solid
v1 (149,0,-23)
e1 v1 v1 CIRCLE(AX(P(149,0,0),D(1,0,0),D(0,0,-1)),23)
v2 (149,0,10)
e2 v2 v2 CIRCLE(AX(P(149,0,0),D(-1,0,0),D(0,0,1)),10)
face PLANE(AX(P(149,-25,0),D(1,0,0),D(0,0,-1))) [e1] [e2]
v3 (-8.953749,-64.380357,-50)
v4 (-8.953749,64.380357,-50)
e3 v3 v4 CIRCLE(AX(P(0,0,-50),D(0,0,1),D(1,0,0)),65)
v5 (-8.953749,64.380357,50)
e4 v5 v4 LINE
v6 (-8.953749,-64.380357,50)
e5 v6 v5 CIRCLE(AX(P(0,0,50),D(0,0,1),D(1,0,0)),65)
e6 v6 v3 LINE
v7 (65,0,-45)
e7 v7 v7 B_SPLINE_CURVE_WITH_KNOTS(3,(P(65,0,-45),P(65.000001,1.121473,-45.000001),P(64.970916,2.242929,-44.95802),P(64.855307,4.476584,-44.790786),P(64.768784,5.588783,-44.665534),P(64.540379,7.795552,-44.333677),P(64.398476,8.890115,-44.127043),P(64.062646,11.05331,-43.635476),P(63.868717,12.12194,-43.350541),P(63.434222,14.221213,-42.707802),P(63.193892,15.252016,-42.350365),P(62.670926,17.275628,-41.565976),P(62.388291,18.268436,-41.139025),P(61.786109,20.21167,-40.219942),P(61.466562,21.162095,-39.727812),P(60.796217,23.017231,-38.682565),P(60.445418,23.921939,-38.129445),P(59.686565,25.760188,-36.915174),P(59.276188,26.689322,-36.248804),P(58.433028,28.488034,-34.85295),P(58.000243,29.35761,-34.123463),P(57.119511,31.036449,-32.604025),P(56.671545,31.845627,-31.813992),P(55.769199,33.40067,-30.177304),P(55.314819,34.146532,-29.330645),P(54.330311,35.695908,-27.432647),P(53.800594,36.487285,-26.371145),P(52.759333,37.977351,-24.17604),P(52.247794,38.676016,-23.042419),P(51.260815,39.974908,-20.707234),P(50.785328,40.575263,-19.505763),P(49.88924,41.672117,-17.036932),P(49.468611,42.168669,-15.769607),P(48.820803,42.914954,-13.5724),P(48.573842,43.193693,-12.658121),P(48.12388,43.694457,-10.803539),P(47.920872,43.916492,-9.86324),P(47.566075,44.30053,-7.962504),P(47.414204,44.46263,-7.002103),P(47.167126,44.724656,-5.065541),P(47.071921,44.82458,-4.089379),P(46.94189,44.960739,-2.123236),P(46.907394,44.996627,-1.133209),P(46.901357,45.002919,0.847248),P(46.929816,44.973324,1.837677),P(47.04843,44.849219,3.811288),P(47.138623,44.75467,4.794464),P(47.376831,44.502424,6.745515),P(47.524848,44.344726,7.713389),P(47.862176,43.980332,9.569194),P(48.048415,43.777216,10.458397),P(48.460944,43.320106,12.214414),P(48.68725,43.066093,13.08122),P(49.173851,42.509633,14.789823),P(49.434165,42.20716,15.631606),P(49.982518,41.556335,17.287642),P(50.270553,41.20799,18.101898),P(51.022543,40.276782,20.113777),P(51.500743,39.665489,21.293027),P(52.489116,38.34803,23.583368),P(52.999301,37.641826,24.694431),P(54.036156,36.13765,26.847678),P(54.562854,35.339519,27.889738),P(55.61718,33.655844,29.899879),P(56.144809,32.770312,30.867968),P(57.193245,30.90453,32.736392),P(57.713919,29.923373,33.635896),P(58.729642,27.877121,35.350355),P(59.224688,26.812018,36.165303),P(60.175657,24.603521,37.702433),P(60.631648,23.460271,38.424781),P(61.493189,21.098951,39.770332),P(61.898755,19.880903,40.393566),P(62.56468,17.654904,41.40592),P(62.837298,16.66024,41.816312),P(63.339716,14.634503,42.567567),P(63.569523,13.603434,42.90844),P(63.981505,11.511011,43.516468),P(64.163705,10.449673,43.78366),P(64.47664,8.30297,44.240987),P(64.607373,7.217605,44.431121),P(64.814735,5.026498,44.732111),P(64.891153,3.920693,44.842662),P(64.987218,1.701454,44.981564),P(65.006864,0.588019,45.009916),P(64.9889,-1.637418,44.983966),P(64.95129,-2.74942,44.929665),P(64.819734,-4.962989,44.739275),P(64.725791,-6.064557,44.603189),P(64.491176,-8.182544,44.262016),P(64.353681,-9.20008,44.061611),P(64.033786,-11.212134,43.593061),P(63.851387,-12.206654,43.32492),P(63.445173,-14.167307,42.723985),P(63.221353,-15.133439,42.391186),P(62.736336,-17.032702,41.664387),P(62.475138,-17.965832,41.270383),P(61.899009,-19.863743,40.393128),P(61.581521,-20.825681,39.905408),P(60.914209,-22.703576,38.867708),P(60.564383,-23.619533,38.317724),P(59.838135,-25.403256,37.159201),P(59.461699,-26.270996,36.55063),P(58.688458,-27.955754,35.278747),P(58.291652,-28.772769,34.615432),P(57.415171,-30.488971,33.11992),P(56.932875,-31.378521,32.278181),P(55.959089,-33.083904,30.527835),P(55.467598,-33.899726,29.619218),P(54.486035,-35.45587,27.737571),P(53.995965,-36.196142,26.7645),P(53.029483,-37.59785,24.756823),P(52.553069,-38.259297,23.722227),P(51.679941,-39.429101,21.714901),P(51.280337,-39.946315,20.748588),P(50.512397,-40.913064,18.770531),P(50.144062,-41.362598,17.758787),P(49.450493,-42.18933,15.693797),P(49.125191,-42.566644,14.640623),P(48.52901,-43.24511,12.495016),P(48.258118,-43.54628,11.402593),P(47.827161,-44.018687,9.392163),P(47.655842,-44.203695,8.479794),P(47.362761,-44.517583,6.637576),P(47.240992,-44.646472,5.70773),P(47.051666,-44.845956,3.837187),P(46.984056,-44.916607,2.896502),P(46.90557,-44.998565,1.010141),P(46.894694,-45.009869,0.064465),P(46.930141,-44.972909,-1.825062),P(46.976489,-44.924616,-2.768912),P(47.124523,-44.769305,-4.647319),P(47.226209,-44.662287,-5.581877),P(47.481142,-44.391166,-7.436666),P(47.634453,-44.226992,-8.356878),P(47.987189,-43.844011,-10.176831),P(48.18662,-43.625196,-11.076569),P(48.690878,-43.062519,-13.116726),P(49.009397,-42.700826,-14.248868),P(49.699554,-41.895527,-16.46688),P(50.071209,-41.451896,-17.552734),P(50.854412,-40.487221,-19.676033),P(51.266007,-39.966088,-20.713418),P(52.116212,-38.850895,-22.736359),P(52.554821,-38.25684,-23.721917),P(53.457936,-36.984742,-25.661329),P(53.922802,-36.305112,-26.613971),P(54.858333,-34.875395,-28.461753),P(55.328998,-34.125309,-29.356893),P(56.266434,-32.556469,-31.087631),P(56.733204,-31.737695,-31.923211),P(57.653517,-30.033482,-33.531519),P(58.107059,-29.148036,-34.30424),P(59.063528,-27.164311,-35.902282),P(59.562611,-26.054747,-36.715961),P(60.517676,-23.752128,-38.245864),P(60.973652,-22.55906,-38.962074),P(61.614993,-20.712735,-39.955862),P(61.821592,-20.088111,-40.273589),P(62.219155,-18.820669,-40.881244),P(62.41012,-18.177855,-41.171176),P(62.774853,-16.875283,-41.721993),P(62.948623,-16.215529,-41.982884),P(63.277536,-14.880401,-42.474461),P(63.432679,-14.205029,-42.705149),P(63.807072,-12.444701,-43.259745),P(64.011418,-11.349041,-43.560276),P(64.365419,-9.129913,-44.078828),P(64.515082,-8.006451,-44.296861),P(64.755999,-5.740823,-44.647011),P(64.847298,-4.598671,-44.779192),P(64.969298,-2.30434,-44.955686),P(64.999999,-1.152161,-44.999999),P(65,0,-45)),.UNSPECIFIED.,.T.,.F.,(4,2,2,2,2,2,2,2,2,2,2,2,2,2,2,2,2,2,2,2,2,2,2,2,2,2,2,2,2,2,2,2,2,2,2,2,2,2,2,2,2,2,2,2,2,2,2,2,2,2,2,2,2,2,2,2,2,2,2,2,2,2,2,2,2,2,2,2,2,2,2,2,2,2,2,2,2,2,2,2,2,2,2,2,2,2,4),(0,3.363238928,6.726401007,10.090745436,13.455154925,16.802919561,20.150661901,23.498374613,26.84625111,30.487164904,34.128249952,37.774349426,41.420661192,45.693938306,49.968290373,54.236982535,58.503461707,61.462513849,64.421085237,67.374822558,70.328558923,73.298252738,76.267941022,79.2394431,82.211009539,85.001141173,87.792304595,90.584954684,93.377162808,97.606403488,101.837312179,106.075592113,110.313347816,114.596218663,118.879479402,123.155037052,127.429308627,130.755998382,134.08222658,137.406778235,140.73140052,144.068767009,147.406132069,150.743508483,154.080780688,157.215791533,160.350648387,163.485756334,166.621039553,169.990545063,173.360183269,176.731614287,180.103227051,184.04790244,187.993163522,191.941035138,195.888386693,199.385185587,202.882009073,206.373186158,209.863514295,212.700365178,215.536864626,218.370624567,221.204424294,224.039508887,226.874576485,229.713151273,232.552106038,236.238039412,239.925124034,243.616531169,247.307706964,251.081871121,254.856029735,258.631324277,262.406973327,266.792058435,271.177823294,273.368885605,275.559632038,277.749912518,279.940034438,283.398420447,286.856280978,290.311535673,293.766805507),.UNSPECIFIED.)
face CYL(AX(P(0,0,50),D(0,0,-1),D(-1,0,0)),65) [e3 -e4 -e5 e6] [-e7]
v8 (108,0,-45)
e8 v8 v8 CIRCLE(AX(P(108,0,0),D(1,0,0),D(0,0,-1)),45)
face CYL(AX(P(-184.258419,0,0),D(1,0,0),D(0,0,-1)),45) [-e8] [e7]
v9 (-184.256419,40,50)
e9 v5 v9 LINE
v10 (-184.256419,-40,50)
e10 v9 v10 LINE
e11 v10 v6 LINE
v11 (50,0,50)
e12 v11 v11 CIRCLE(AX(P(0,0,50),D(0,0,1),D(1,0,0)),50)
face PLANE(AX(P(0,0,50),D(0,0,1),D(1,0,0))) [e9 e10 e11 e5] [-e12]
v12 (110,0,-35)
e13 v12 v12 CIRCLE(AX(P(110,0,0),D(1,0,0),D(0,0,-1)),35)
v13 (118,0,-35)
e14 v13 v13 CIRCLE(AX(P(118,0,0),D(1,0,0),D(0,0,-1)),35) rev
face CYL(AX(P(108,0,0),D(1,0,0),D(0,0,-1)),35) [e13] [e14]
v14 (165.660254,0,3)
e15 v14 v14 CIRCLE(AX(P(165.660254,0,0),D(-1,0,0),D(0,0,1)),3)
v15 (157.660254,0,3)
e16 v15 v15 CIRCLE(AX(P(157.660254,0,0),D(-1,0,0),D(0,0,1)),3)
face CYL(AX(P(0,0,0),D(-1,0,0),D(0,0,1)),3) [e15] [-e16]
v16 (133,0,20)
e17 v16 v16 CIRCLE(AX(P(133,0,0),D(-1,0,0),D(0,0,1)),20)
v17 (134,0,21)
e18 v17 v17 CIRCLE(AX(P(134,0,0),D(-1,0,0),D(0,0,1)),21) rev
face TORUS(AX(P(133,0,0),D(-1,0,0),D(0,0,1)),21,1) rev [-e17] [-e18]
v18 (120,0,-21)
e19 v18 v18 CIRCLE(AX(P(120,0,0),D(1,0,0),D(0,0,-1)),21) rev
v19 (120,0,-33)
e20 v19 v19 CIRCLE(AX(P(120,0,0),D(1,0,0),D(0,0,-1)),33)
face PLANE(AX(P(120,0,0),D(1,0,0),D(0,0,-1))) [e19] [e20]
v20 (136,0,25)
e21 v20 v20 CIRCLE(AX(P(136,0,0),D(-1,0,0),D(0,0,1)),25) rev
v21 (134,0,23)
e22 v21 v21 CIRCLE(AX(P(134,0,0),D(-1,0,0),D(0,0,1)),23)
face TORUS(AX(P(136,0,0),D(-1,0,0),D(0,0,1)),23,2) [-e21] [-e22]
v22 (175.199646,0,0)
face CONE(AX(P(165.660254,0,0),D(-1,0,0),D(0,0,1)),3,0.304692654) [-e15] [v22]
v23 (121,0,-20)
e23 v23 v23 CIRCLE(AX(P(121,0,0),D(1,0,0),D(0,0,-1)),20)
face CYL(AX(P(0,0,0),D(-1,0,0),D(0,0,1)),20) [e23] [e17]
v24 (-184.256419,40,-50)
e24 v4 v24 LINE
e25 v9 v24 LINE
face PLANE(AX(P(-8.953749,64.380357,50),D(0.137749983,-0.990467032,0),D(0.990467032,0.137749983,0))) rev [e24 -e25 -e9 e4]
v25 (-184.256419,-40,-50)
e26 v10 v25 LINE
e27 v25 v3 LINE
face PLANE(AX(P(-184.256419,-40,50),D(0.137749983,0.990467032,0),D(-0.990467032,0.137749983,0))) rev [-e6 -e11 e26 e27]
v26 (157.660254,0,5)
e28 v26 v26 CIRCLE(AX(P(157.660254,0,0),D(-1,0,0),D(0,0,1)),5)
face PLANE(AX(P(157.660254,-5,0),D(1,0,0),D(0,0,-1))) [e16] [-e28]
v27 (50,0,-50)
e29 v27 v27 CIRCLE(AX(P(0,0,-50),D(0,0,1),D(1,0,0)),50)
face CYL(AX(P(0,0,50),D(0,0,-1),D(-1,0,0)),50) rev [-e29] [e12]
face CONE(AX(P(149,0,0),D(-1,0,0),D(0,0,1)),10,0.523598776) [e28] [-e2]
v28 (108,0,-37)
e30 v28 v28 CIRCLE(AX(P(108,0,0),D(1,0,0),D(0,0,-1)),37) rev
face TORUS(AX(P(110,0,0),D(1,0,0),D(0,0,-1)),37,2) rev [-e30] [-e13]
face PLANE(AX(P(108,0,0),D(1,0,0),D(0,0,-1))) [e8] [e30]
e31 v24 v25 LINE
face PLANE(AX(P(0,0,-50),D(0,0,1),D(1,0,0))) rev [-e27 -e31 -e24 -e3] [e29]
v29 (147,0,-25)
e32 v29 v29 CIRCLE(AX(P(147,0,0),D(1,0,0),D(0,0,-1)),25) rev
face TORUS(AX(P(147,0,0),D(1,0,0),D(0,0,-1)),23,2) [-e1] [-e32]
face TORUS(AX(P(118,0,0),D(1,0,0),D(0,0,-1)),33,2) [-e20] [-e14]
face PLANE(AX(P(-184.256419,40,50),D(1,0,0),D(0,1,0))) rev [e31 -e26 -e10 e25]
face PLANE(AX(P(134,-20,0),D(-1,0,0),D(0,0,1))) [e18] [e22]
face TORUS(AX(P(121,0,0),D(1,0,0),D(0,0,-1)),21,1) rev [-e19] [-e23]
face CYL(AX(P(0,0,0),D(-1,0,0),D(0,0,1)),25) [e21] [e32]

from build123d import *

# Parameters (mm, degrees)
SKETCH1_R           = 50
BOSS_EXTRUDE1_DEPTH = 50
BOSS_EXTRUDE2_REACH = 306.256
SKETCH2_R           = 45
SKETCH4_R           = 45
SKETCH4_R_2         = 35
CUT_EXTRUDE2_DEPTH  = 12
FILLET1_R           = 2
FILLET2_R           = 1


with BuildPart() as part:
    # Sketch1 → Boss-Extrude1 (new body, symmetric)
    with BuildSketch(Plane.XY):
        with BuildLine():
            Line((-184.256419232, 40), (-184.256419232, -40))
            Line((-184.256419232, -40), (-8.953748927, -64.380357099))
            ThreePointArc((-8.953748927, -64.380357099), (65, 0), (-8.953748927, 64.380357099))
            Line((-8.953748927, 64.380357099), (-184.256419232, 40))
        make_face()
        Circle(SKETCH1_R, mode=Mode.SUBTRACT)
    extrude(amount=BOSS_EXTRUDE1_DEPTH, both=True)

    # Sketch2 → Boss-Extrude2 (add, up to next)
    with BuildSketch(Plane(origin=(120, 0, 0), x_dir=(0, 0, -1), z_dir=(1, 0, 0)), mode=Mode.PRIVATE) as boss_extrude2_sk1:
        Circle(SKETCH2_R)
    boss_extrude2_tool1 = extrude(boss_extrude2_sk1.sketch, amount=-BOSS_EXTRUDE2_REACH, mode=Mode.PRIVATE) - part.part
    add(boss_extrude2_tool1.solids().sort_by_distance((120, 0, 0))[0])

    # Sketch3 → Revolve1 (revolve)
    with BuildSketch(Plane.XY):
        Polygon((120, 0), (120, -20), (134, -20), (134, -25), (149, -25), (149, -10), (157.660254038, -5), (157.660254038, -3), (165.660254038, -3), (175.199646052, 0), align=None)
    revolve(axis=Axis((0, 0, 0), (1, 0, 0)))

    # Sketch4 → Cut-Extrude2 (cut)
    with BuildSketch(Plane(origin=(120, 0, 0), x_dir=(0, 0, -1), z_dir=(1, 0, 0))):
        Circle(SKETCH4_R)
        Circle(SKETCH4_R_2, mode=Mode.SUBTRACT)
    extrude(amount=-CUT_EXTRUDE2_DEPTH, mode=Mode.SUBTRACT)

    # Fillet1
    fillet1_edges = [part.edges().sort_by_distance(p)[0] for p in [
        (134, 25, 0),
        (149, 25, 0),
        (108, 0, 35),
        (120, 0, 35),
    ]]
    fillet(fillet1_edges, radius=FILLET1_R)

    # Fillet2
    fillet2_edges = [part.edges().sort_by_distance(p)[0] for p in [
        (120, 20, 0),
        (134, 20, 0),
    ]]
    fillet(fillet2_edges, radius=FILLET2_R)


solid = part.part
